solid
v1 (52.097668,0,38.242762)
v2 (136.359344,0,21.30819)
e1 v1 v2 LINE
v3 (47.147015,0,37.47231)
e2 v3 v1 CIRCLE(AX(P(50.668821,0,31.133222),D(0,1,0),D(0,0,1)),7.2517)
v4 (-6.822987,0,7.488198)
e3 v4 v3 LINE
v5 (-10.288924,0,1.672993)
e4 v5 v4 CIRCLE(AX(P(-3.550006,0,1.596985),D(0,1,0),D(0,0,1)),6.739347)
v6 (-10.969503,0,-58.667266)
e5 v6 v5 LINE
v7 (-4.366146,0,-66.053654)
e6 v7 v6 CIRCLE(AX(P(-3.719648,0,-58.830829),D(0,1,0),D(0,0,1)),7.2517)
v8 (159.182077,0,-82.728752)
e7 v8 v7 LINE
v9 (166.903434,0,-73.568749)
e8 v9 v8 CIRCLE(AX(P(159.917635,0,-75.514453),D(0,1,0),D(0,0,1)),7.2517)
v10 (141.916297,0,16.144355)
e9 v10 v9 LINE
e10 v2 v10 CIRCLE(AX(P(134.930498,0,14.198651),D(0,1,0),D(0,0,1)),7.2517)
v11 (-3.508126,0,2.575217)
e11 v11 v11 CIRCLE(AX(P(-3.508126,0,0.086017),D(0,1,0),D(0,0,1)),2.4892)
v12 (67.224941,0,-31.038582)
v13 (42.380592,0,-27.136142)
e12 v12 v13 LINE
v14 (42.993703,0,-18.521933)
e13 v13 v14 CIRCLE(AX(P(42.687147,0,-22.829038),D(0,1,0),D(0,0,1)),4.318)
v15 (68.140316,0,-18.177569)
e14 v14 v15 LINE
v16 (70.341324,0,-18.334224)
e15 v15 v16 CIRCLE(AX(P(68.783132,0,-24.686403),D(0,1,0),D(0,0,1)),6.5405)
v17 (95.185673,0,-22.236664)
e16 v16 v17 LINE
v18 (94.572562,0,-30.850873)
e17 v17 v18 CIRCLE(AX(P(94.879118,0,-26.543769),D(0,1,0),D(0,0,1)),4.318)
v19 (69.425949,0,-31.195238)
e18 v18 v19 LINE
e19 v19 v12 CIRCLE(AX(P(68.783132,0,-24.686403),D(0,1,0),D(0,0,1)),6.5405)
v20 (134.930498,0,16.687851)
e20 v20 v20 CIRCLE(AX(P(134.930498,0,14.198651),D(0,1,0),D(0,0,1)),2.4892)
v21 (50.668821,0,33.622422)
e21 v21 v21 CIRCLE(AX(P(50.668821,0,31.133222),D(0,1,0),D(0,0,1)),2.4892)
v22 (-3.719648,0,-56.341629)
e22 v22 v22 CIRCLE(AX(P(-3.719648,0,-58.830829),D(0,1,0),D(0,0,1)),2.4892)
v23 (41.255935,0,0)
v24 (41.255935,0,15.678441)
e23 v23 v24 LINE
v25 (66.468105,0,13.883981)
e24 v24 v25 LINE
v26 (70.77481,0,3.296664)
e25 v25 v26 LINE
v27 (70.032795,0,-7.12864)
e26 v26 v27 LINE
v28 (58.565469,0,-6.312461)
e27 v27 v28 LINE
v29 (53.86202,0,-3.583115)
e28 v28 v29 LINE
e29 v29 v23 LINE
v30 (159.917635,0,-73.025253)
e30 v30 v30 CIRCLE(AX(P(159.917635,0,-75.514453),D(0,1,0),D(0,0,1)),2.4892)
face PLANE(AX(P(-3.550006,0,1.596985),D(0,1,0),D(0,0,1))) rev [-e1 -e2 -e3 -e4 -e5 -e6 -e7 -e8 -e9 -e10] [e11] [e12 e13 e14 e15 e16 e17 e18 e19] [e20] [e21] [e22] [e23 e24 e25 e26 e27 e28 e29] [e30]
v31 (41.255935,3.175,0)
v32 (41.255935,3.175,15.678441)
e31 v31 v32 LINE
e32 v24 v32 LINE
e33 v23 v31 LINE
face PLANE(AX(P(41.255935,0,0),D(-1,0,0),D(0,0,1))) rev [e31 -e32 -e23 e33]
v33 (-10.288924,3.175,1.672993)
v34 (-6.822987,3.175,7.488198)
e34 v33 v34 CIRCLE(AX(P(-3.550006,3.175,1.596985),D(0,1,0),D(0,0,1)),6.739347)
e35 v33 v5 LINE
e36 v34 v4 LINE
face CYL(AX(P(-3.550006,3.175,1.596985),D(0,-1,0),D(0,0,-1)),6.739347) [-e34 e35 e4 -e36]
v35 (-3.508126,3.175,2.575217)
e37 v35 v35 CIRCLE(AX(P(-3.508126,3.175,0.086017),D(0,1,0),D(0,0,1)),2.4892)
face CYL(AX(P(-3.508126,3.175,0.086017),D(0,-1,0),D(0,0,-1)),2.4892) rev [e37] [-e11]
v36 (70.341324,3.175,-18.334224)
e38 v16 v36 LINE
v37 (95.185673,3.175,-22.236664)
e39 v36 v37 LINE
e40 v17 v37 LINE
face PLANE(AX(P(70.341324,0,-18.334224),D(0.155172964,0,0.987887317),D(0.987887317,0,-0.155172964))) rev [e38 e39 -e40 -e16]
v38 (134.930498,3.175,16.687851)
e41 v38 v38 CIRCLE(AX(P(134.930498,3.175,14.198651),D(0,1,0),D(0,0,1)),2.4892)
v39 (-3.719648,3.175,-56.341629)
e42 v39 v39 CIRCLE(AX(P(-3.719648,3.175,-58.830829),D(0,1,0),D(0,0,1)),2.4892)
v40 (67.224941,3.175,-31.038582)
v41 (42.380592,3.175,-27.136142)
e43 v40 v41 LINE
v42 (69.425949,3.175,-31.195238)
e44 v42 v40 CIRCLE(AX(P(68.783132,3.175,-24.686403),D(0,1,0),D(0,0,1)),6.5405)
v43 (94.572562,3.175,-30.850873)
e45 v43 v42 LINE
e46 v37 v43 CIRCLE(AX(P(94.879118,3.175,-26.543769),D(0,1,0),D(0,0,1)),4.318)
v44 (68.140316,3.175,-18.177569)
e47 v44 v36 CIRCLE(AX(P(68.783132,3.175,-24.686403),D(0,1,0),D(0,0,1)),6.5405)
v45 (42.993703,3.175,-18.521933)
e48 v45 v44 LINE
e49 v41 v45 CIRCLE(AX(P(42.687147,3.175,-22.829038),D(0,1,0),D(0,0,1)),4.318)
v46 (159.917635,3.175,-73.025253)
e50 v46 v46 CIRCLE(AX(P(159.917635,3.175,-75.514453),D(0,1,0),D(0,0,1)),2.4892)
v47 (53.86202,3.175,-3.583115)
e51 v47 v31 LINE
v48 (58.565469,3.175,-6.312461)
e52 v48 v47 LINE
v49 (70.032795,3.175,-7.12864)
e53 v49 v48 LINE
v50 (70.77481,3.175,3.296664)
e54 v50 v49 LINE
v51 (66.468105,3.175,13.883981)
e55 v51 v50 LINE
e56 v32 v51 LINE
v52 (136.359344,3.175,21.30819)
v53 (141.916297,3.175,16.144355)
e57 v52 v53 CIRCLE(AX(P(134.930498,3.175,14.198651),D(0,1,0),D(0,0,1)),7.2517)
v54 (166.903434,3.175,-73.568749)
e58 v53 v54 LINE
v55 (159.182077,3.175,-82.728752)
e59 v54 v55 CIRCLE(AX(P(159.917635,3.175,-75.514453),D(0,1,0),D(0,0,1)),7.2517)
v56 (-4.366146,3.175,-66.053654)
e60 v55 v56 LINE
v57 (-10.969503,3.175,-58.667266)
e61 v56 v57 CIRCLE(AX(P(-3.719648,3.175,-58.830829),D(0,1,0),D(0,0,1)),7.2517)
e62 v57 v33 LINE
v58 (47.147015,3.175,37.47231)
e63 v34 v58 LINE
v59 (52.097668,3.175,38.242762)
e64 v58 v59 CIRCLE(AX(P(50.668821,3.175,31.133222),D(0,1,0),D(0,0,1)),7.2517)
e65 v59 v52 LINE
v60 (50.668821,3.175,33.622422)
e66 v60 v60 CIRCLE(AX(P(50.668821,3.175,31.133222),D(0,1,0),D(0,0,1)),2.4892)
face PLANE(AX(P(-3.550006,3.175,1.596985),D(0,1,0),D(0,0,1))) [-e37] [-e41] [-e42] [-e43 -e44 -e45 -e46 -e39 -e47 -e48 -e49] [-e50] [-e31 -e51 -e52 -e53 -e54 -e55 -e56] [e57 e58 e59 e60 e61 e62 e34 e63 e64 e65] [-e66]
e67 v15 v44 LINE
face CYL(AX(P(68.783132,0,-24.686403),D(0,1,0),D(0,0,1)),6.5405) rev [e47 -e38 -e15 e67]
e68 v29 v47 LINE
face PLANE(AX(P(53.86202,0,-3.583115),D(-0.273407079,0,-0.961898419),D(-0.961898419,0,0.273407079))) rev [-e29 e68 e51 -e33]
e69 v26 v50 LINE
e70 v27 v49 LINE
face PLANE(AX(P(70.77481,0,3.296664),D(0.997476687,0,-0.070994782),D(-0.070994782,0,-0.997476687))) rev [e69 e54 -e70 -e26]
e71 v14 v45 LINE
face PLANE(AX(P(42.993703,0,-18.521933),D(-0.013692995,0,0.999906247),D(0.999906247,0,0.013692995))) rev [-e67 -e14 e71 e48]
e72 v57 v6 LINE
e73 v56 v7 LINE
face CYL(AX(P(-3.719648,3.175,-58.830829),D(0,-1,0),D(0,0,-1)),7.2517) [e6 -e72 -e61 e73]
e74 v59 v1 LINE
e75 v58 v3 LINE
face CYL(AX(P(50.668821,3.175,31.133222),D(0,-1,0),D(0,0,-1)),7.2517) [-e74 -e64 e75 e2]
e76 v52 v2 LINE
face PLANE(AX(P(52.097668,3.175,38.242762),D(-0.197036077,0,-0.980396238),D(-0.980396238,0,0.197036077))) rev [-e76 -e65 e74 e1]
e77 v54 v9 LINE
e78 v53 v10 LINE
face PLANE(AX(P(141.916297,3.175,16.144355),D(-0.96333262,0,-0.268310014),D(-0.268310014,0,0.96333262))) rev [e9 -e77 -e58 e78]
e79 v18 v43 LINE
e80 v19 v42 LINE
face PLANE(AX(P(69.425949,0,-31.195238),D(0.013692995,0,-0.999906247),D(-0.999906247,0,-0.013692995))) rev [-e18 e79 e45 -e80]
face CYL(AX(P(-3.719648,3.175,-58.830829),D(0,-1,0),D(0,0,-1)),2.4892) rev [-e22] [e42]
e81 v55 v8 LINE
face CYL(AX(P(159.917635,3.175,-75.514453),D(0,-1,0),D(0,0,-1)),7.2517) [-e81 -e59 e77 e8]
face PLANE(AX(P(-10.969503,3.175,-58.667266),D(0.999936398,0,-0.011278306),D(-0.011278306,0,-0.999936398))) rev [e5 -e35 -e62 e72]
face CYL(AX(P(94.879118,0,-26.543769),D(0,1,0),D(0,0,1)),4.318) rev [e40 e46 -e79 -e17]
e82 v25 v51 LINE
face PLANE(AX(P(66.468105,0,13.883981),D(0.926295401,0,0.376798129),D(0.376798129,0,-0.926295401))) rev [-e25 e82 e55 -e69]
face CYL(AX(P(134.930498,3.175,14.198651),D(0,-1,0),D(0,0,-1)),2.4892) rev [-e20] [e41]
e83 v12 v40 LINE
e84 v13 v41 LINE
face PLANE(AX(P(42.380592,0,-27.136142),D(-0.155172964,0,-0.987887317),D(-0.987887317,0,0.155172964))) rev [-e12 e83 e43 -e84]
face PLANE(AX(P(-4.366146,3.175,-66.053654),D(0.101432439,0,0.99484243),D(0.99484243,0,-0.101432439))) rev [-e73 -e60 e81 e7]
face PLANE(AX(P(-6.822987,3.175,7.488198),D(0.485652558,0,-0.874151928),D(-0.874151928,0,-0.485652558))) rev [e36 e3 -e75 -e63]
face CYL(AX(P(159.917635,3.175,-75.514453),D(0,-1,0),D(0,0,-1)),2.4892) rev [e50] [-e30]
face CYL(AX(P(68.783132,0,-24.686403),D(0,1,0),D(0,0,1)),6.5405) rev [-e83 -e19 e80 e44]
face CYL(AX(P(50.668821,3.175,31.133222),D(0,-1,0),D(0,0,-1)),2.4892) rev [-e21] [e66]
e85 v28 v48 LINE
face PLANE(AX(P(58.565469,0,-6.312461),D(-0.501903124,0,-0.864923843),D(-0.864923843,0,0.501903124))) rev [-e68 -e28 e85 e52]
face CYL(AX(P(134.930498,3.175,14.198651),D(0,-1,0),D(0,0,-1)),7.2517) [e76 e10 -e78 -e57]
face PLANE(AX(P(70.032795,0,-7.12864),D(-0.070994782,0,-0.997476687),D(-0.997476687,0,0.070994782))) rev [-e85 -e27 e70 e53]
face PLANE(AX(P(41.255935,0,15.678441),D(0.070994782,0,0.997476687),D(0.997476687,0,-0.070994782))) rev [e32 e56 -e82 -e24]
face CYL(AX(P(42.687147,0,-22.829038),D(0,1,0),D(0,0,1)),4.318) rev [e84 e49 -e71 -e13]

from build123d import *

# Parameters (mm, degrees)
SKETCH1_R            = 2.4892
BOSS_EXTRUDE1_DEPTH  = 3.175
TRIGGER_CUTOUT_DEPTH = 3.175
SERVO_CUTOUT_DEPTH   = 3.175


with BuildPart() as part:
    # Sketch1 → Boss-Extrude1 (new body)
    with BuildSketch(Plane(origin=(0, 0, 0), x_dir=(1, 0, 0), z_dir=(0, 1, 0))):
        with BuildLine():
            Line((-6.8229868, -7.488197853), (47.14701474, -37.472309865))
            ThreePointArc((47.14701474, -37.472309865), (49.553689318, -38.298669515), (52.097667916, -38.242761734))
            Line((52.097667916, -38.242761734), (136.359344262, -21.308190288))
            ThreePointArc((136.359344262, -21.308190288), (139.866879533, -19.510833837), (141.916296901, -16.144354617))
            Line((141.916296901, -16.144354617), (166.90343399, 73.568749369))
            ThreePointArc((166.90343399, 73.568749369), (165.462253091, 80.188248266), (159.182077212, 82.728751949))
            Line((159.182077212, 82.728751949), (-4.366145722, 66.053653766))
            ThreePointArc((-4.366145722, 66.053653766), (-9.125920254, 63.663982971), (-10.969503308, 58.667265887))
            Line((-10.969503308, 58.667265887), (-10.288924124, -1.672992978))
            ThreePointArc((-10.288924124, -1.672992978), (-9.33910622, -5.047363397), (-6.8229868, -7.488197853))
        make_face()
        with Locations(Location((159.917634832, 75.514453101, 0), (0, 0, 270))):
            Circle(SKETCH1_R, mode=Mode.SUBTRACT)
        with Locations(Location((134.930497743, -14.198650885, 0), (0, 0, 270))):
            Circle(SKETCH1_R, mode=Mode.SUBTRACT)
        with Locations(Location((50.668821397, -31.133222331, 0), (0, 0, 270))):
            Circle(SKETCH1_R, mode=Mode.SUBTRACT)
        with Locations(Location((-3.719648143, 58.830829265, 0), (0, 0, 270))):
            Circle(SKETCH1_R, mode=Mode.SUBTRACT)
        with Locations(Location((-3.508126319, -0.086017173, 0), (0, 0, 270))):
            Circle(SKETCH1_R, mode=Mode.SUBTRACT)
    extrude(amount=BOSS_EXTRUDE1_DEPTH)

    # Sketch3 → trigger cutout (cut)
    with BuildSketch(Plane(origin=(0, 3.175, 0), x_dir=(1, 0, 0), z_dir=(0, 1, 0))):
        Polygon((41.255934536, -15.678441329), (66.468104622, -13.883980824), (70.774809833, -3.296663849), (70.032795293, 7.128640439), (58.56546888, 6.312460623), (53.862019579, 3.583115238), (41.255934536, 0), align=None)
    extrude(amount=-TRIGGER_CUTOUT_DEPTH, mode=Mode.SUBTRACT)

    # Sketch4 → servo cutout (cut)
    with BuildSketch(Plane(origin=(0, 3.175, 0), x_dir=(1, 0, 0), z_dir=(0, 1, 0))):
        with BuildLine():
            Line((69.425949058, 31.19523761), (94.572562087, 30.850872889))
            ThreePointArc((94.572562087, 30.850872889), (99.186221889, 26.850324024), (95.185673024, 22.236664221))
            Line((95.185673024, 22.236664221), (70.3413237, 18.334223888))
            ThreePointArc((70.3413237, 18.334223888), (69.247473844, 18.162406798), (68.140315886, 18.177568527))
            Line((68.140315886, 18.177568527), (42.993702858, 18.521933248))
            ThreePointArc((42.993702858, 18.521933248), (38.380043055, 22.522482114), (42.380591921, 27.136141916))
            Line((42.380591921, 27.136141916), (67.224941244, 31.03858225))
            ThreePointArc((67.224941244, 31.03858225), (68.318791101, 31.210399339), (69.425949058, 31.19523761))
        make_face()
    extrude(amount=-SERVO_CUTOUT_DEPTH, mode=Mode.SUBTRACT)


solid = part.part
